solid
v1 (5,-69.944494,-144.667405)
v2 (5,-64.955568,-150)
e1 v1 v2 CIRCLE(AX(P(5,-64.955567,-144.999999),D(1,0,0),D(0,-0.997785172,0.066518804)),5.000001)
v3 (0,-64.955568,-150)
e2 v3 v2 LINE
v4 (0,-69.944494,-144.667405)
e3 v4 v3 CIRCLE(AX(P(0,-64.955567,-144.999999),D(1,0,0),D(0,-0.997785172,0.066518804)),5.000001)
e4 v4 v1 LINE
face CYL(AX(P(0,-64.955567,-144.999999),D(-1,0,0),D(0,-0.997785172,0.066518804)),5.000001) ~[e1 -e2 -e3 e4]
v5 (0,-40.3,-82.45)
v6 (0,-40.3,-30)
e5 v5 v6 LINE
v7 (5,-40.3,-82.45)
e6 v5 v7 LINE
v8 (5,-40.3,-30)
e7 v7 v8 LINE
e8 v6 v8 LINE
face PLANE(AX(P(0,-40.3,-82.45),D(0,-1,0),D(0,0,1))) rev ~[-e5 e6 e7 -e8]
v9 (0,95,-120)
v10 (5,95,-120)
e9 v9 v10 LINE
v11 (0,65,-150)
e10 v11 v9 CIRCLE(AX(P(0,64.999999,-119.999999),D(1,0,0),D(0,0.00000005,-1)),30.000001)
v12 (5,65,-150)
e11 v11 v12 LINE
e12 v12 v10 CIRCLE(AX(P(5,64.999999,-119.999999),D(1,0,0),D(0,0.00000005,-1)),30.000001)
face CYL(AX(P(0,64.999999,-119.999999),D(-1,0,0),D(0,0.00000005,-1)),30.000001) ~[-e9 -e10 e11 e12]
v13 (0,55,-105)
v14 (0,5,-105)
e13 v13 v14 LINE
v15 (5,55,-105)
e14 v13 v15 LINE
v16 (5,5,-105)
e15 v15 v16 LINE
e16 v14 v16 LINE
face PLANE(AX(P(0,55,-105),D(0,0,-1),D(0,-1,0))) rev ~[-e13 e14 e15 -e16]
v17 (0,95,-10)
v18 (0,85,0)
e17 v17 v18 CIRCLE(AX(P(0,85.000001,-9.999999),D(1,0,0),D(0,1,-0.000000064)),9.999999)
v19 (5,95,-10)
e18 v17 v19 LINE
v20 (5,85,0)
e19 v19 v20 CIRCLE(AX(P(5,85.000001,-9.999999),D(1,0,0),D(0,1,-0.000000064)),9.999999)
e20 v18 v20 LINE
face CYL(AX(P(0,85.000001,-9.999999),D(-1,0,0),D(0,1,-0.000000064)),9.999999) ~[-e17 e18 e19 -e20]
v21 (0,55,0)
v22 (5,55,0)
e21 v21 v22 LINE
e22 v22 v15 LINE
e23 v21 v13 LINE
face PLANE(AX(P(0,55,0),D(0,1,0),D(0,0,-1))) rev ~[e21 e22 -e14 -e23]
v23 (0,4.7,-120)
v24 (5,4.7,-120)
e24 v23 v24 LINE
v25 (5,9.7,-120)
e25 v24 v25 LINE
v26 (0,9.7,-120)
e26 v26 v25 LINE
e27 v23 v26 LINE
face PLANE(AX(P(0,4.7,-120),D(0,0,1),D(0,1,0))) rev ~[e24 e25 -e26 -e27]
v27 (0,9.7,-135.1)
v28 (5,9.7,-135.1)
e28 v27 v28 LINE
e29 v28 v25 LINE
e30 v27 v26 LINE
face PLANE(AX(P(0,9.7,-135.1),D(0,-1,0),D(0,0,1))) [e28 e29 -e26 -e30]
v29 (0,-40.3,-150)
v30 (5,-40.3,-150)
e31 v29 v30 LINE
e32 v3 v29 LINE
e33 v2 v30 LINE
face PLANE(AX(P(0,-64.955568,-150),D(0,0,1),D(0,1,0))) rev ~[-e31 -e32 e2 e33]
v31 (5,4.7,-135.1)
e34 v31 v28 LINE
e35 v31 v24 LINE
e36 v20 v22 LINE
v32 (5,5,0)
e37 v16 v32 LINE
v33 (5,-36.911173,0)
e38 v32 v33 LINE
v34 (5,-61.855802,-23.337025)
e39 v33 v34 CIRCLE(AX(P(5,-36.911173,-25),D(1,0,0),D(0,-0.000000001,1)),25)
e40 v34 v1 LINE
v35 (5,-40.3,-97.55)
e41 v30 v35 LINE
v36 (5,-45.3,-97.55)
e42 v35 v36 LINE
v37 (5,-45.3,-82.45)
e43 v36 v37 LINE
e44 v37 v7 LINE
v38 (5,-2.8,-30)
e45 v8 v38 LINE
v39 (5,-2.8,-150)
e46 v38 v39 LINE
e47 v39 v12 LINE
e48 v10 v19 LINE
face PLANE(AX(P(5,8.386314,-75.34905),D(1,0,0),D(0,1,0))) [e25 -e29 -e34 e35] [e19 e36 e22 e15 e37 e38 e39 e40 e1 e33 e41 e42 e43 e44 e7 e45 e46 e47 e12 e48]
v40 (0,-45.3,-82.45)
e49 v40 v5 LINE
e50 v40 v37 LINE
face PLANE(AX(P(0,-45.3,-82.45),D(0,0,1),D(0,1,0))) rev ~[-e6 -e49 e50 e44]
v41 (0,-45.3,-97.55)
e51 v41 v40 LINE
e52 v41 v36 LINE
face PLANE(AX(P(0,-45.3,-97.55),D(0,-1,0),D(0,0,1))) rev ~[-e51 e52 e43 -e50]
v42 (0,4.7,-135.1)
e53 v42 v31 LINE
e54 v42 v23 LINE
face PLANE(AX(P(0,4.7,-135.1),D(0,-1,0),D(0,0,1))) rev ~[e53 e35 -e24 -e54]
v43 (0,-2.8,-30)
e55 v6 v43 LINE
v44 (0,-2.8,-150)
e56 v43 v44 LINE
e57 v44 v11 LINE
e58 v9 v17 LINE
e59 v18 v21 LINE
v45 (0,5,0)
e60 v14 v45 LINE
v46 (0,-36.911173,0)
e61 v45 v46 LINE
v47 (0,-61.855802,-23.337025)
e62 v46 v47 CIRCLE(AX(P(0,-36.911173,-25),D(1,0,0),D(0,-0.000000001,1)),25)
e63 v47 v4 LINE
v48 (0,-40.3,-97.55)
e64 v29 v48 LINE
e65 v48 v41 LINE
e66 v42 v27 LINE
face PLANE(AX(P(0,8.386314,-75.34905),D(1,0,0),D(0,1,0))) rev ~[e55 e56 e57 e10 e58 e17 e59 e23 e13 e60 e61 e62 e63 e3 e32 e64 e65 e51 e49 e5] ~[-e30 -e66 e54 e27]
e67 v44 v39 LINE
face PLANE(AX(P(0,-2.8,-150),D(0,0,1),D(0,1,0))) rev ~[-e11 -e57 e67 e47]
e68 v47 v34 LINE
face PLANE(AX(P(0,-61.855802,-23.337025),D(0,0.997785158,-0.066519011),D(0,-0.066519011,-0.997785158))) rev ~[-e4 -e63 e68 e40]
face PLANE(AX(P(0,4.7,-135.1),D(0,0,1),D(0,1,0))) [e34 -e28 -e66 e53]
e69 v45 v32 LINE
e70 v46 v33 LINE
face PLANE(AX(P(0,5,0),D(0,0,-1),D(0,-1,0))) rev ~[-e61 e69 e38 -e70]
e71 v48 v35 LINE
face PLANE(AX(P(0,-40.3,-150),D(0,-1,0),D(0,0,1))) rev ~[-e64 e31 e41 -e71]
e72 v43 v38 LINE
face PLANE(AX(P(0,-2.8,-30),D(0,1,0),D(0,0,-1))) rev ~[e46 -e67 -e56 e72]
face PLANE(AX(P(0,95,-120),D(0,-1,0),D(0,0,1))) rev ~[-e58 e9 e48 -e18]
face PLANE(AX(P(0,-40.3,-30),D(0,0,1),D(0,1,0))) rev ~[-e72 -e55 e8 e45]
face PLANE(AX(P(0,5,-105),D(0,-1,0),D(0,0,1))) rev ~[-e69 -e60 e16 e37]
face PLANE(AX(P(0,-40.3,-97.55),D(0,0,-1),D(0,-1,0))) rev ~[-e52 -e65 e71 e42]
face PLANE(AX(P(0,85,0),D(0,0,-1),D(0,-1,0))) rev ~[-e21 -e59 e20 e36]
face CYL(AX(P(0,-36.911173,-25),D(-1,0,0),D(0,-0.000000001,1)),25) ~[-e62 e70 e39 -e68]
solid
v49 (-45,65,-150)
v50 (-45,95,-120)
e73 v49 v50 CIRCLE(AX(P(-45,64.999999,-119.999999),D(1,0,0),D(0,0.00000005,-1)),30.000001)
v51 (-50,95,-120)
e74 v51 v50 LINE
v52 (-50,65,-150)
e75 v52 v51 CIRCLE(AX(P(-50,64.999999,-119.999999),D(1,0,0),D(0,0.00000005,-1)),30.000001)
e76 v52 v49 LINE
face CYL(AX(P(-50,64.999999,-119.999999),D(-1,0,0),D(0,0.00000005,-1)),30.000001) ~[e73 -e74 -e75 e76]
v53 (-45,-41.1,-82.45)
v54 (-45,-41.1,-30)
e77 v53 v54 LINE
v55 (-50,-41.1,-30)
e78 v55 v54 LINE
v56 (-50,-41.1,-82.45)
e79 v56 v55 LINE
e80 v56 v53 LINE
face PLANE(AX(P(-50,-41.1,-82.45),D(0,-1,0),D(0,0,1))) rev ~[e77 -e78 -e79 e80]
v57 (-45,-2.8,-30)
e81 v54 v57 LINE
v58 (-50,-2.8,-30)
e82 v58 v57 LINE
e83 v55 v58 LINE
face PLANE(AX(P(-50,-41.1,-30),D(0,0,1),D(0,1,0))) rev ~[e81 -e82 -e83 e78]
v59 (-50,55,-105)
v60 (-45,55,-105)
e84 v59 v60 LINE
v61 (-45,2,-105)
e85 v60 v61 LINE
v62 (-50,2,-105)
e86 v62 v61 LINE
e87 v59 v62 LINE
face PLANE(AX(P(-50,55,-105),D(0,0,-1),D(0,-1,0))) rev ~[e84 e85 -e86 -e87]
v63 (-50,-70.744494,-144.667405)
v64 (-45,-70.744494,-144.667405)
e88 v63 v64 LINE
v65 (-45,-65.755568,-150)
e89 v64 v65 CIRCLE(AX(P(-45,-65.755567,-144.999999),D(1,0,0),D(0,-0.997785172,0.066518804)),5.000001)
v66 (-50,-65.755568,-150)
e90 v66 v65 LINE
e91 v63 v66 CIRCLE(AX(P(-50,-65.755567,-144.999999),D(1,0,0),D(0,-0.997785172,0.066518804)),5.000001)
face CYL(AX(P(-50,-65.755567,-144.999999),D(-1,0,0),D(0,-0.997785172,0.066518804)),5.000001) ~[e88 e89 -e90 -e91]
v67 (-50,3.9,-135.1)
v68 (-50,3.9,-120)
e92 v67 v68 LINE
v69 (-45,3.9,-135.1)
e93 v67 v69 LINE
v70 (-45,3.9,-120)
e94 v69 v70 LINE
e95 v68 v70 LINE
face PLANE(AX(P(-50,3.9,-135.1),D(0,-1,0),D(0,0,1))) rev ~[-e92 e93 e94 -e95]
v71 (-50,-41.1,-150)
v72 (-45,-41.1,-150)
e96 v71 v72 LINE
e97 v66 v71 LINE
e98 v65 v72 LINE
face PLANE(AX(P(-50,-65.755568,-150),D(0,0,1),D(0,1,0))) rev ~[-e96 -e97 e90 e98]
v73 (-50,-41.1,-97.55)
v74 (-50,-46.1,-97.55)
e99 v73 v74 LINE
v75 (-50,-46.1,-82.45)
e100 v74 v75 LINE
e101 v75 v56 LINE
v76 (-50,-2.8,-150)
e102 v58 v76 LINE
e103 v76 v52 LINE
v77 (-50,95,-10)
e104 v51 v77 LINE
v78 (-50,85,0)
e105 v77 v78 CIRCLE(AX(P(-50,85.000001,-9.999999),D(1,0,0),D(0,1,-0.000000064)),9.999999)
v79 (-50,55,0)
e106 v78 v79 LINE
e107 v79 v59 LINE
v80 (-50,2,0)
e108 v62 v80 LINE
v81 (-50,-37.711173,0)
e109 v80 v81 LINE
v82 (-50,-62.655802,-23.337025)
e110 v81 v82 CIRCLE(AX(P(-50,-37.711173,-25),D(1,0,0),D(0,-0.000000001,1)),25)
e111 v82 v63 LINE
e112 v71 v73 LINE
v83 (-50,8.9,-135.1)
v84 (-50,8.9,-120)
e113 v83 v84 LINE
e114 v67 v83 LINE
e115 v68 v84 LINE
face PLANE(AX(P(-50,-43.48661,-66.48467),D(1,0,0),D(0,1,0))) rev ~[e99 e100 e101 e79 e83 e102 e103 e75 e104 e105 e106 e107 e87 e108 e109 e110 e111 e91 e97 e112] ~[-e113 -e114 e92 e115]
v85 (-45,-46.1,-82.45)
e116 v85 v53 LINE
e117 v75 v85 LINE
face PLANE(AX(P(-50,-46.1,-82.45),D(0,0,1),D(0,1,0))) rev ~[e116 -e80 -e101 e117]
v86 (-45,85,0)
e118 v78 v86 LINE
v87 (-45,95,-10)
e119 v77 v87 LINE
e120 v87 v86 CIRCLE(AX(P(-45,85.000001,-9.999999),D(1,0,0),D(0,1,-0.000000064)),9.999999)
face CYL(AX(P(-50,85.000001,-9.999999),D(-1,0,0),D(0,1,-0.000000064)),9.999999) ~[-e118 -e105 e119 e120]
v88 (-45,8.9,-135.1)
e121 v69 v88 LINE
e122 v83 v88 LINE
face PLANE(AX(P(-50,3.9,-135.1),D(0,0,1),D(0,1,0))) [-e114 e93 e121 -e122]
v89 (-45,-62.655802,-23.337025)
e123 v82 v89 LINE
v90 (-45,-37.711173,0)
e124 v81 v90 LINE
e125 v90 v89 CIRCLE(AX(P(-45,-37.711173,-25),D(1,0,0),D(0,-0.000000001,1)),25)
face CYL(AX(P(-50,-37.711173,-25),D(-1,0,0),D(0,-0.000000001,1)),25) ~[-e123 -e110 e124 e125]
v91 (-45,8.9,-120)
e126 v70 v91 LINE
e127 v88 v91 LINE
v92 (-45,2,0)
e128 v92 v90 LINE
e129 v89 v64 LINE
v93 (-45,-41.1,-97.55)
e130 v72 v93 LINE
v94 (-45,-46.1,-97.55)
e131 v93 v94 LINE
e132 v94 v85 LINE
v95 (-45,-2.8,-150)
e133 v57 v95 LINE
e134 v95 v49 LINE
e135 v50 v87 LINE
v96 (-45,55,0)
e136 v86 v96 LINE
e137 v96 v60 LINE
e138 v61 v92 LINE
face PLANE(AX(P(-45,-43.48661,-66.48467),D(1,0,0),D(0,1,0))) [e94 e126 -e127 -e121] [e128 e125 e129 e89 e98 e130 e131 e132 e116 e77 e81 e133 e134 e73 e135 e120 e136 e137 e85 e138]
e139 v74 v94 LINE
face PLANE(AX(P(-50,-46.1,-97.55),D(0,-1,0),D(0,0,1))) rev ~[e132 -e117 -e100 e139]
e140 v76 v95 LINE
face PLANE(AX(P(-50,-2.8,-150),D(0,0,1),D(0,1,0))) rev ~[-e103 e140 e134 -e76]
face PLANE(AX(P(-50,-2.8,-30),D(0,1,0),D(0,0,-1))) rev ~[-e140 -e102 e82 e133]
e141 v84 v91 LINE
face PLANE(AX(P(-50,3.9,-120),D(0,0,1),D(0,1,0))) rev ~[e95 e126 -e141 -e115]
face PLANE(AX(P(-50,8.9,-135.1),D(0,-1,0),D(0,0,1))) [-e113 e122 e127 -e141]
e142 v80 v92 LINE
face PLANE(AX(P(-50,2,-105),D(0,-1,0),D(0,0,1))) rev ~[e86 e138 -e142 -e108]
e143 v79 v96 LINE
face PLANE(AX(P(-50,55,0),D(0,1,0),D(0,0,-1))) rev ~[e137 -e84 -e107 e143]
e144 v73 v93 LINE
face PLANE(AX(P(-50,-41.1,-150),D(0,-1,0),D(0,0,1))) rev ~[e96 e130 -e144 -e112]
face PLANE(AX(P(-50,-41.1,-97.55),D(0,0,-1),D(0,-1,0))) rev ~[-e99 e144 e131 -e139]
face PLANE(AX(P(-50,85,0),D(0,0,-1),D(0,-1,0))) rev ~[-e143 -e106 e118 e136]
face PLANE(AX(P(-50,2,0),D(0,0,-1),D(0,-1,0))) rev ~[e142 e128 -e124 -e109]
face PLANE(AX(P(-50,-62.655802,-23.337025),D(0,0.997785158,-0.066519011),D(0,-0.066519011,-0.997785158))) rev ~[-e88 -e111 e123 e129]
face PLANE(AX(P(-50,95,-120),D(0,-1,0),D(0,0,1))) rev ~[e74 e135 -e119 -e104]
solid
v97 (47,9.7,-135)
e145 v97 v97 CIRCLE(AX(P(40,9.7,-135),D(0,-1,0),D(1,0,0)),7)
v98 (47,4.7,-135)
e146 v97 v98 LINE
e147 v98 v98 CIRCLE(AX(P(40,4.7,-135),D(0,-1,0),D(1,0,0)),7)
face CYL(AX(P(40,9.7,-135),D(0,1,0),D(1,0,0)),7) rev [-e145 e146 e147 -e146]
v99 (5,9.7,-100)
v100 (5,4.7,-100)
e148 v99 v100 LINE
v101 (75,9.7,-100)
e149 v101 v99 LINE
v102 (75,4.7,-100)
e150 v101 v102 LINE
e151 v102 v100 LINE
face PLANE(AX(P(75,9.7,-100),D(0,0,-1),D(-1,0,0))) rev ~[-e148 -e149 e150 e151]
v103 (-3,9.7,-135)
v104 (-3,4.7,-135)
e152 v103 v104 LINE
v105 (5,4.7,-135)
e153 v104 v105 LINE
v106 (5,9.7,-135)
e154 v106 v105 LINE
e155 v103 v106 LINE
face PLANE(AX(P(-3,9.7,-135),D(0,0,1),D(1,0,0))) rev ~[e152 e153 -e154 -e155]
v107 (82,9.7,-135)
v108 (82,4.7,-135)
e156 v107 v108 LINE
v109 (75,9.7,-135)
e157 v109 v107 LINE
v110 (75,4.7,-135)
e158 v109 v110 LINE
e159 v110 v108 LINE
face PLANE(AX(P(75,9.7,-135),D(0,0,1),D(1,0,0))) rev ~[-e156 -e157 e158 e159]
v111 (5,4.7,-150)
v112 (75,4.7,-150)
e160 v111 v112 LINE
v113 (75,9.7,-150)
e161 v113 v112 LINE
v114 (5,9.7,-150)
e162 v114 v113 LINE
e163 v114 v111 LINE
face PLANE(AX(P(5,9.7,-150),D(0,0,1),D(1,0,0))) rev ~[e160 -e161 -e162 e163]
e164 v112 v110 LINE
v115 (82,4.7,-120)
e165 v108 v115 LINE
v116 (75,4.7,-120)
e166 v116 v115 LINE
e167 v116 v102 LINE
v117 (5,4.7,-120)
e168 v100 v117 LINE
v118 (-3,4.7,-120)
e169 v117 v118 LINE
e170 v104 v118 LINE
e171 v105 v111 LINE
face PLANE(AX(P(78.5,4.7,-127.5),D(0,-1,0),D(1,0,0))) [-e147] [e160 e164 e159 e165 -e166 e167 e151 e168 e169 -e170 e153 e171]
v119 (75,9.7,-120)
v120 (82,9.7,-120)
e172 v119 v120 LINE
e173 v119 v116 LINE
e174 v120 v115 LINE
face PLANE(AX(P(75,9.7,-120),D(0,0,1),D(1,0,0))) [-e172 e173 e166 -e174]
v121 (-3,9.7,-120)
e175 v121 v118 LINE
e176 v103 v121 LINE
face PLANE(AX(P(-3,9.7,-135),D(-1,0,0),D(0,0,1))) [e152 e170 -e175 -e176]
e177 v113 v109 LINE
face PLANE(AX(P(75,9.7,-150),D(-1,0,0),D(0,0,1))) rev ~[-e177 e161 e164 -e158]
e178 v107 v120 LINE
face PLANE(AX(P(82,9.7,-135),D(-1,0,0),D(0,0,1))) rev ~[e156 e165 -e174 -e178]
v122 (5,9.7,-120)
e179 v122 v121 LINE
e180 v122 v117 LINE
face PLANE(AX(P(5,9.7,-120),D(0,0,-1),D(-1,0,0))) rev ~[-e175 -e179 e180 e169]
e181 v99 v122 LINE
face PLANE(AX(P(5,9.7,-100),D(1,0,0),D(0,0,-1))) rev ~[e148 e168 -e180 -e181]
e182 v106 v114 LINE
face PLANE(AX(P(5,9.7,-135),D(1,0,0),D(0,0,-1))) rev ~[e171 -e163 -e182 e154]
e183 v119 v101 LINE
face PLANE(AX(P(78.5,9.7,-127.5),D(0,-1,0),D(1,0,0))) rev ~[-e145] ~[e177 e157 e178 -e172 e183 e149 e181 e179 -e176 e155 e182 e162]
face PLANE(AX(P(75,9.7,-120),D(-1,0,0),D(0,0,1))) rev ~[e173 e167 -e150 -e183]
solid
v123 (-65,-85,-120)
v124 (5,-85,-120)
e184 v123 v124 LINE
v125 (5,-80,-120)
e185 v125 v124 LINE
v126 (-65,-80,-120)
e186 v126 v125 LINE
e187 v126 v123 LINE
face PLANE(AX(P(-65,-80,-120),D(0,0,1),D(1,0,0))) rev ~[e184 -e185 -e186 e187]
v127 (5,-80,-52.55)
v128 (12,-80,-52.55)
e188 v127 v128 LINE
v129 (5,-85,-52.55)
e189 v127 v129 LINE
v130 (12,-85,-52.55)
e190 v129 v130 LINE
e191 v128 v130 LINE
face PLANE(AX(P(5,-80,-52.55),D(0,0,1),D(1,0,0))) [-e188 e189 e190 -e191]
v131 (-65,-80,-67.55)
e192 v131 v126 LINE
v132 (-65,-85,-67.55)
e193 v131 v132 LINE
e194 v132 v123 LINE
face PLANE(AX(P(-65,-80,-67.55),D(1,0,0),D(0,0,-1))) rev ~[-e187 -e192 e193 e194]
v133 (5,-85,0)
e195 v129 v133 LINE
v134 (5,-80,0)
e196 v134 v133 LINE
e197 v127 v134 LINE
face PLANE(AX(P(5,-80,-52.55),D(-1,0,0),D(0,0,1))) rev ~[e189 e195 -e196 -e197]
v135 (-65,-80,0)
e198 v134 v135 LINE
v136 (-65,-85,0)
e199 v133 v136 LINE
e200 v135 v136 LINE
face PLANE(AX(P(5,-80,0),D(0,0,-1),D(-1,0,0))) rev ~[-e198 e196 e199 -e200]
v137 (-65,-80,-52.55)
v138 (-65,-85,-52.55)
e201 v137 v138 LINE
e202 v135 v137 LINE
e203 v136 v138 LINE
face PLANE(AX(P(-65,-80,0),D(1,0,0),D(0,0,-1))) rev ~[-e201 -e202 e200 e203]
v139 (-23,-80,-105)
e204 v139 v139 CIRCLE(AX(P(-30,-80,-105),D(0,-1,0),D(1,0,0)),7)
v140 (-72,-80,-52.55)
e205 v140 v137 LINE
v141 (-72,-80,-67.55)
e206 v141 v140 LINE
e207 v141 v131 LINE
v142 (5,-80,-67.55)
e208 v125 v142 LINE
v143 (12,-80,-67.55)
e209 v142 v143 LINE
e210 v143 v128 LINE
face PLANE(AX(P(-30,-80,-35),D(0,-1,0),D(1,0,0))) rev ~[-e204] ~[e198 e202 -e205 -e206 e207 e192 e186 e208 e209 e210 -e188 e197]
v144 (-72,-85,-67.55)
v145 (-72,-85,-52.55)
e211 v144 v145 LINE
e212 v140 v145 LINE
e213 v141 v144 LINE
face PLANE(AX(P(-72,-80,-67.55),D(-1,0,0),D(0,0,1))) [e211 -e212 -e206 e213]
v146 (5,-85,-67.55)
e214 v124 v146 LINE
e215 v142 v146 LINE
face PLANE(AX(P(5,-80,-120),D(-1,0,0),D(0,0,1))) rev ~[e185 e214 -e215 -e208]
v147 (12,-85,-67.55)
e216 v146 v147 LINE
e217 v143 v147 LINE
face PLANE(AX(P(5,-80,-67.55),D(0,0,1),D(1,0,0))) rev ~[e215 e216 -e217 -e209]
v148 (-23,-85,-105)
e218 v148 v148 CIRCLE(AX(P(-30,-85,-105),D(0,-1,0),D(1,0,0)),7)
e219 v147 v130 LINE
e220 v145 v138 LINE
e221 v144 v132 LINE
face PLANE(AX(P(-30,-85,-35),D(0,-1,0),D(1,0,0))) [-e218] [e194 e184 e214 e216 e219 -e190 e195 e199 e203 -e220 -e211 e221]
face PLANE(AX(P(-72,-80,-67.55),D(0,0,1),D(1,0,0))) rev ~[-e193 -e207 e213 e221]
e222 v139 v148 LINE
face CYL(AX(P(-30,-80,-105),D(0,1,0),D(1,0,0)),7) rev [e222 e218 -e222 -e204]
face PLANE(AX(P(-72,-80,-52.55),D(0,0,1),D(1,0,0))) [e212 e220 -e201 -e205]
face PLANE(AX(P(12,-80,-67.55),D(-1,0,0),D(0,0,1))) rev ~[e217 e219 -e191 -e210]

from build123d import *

# Parameters (mm, degrees)
F0_W     = 5
F0_H     = 15.1
F0_W_2   = 0.3
F1_DEPTH = 5
F2_W     = 7
F2_H     = 15
F2_R     = 7
F2_W_2   = 3
F2_W_3   = 5
F3_DEPTH = 5
F5_W     = 5
F5_H     = 15.1
F6_DEPTH = 5
F8_W     = 7
F8_H     = 15
F8_W_2   = 70
F8_H_2   = 50
F8_R     = 7
F9_DEPTH = 5


with BuildPart() as f1:
    # F0 (on Right) → F1 (new body)
    with BuildSketch(Plane.YZ):
        with BuildLine():
            Line((5, -82.45), (5, 0))
            Line((5, 0), (0, 0))
            Line((0, 0), (-36.911173, 0))
            ThreePointArc((-36.911173, 0), (-53.990775, -6.743845), (-61.855802, -23.337025))
            Line((-61.855802, -23.337025), (-69.944494, -144.667405))
            ThreePointArc((-69.944494, -144.667405), (-68.606799, -148.41592), (-64.955568, -150))
            Line((-64.955568, -150), (-40.3, -150))
            Line((-40.3, -150), (-40.3, -97.55))
            Line((-40.3, -97.55), (-45.3, -97.55))
            Line((-45.3, -97.55), (-45.3, -82.45))
            Line((-45.3, -82.45), (-40.3, -82.45))
            Line((-40.3, -82.45), (-40.3, -30))
            Line((-40.3, -30), (-2.8, -30))
            Line((-2.8, -30), (-2.8, -150))
            Line((-2.8, -150), (4.7, -150))
            Line((4.7, -150), (65, -150))
            ThreePointArc((65, -150), (86.213203, -141.213203), (95, -120))
            Line((95, -120), (95, -10))
            ThreePointArc((95, -10), (92.071068, -2.928932), (85, 0))
            Line((85, 0), (55, 0))
            Line((55, 0), (55, -105))
            Line((55, -105), (5, -105))
            Line((5, -105), (5, -97.55))
            Line((5, -97.55), (4.7, -97.55))
            Line((4.7, -97.55), (4.7, -82.45))
            Line((4.7, -82.45), (5, -82.45))
        make_face()
        with Locations((7.2, -127.55)):
            Rectangle(F0_W, F0_H, mode=Mode.SUBTRACT)
        with Locations((4.85, -90)):
            Rectangle(F0_W_2, F0_H)
    extrude(amount=F1_DEPTH)


with BuildPart() as f3:
    # F2 (on face) → F3 (new body)
    with BuildSketch(Plane.XZ.offset(-9.7)):
        with Locations((78.5, -127.5)):
            Rectangle(F2_W, F2_H)
        Polygon((75, -100), (5, -100), (5, -120), (5, -135), (5, -135.1), (5, -150), (75, -150), (75, -135), (75, -120), align=None)
        with Locations((40, -135)):
            Circle(F2_R, mode=Mode.SUBTRACT)
        with Locations((-1.5, -127.5)):
            Rectangle(F2_W_2, F2_H)
        with Locations((2.5, -127.5)):
            Rectangle(F2_W_3, F2_H)
    extrude(amount=F3_DEPTH)


with BuildPart() as f6:
    # F5 (on offset) → F6 (new body)
    with BuildSketch(Plane.YZ.offset(-50)):
        with BuildLine():
            Line((2, -30), (2, 0))
            Line((2, 0), (0, 0))
            Line((0, 0), (-37.711173, 0))
            ThreePointArc((-37.711173, 0), (-54.790775, -6.743845), (-62.655802, -23.337025))
            Line((-62.655802, -23.337025), (-70.744494, -144.667405))
            ThreePointArc((-70.744494, -144.667405), (-69.406799, -148.41592), (-65.755568, -150))
            Line((-65.755568, -150), (-41.1, -150))
            Line((-41.1, -150), (-41.1, -97.55))
            Line((-41.1, -97.55), (-46.1, -97.55))
            Line((-46.1, -97.55), (-46.1, -82.45))
            Line((-46.1, -82.45), (-41.1, -82.45))
            Line((-41.1, -82.45), (-41.1, -30))
            Line((-41.1, -30), (-2.8, -30))
            Line((-2.8, -30), (2, -30))
        make_face()
        with BuildLine():
            Line((2, -105), (2, -30))
            Line((2, -30), (-2.8, -30))
            Line((-2.8, -30), (-2.8, -150))
            Line((-2.8, -150), (3.9, -150))
            Line((3.9, -150), (65, -150))
            ThreePointArc((65, -150), (86.213203, -141.213203), (95, -120))
            Line((95, -120), (95, -10))
            ThreePointArc((95, -10), (92.071068, -2.928932), (85, 0))
            Line((85, 0), (55, 0))
            Line((55, 0), (55, -105))
            Line((55, -105), (5, -105))
            Line((5, -105), (2, -105))
        make_face()
        with Locations((6.4, -127.55)):
            Rectangle(F5_W, F5_H, mode=Mode.SUBTRACT)
    extrude(amount=F6_DEPTH)


with BuildPart() as f9:
    # F8 (on offset) → F9 (new body)
    with BuildSketch(Plane.XZ.offset(80)):
        Polygon((5, 0), (-65, 0), (-65, -52.55), (-65, -67.55), (-65, -70), (5, -70), (5, -67.55), (5, -52.55), align=None)
        with Locations((-68.5, -60.05)):
            Rectangle(F8_W, F8_H)
        with Locations((8.5, -60.05)):
            Rectangle(F8_W, F8_H)
        with Locations((-30, -95)):
            Rectangle(F8_W_2, F8_H_2)
        with Locations((-30, -105)):
            Circle(F8_R, mode=Mode.SUBTRACT)
    extrude(amount=F9_DEPTH)


solid = Compound([f1.part, f3.part, f6.part, f9.part])
